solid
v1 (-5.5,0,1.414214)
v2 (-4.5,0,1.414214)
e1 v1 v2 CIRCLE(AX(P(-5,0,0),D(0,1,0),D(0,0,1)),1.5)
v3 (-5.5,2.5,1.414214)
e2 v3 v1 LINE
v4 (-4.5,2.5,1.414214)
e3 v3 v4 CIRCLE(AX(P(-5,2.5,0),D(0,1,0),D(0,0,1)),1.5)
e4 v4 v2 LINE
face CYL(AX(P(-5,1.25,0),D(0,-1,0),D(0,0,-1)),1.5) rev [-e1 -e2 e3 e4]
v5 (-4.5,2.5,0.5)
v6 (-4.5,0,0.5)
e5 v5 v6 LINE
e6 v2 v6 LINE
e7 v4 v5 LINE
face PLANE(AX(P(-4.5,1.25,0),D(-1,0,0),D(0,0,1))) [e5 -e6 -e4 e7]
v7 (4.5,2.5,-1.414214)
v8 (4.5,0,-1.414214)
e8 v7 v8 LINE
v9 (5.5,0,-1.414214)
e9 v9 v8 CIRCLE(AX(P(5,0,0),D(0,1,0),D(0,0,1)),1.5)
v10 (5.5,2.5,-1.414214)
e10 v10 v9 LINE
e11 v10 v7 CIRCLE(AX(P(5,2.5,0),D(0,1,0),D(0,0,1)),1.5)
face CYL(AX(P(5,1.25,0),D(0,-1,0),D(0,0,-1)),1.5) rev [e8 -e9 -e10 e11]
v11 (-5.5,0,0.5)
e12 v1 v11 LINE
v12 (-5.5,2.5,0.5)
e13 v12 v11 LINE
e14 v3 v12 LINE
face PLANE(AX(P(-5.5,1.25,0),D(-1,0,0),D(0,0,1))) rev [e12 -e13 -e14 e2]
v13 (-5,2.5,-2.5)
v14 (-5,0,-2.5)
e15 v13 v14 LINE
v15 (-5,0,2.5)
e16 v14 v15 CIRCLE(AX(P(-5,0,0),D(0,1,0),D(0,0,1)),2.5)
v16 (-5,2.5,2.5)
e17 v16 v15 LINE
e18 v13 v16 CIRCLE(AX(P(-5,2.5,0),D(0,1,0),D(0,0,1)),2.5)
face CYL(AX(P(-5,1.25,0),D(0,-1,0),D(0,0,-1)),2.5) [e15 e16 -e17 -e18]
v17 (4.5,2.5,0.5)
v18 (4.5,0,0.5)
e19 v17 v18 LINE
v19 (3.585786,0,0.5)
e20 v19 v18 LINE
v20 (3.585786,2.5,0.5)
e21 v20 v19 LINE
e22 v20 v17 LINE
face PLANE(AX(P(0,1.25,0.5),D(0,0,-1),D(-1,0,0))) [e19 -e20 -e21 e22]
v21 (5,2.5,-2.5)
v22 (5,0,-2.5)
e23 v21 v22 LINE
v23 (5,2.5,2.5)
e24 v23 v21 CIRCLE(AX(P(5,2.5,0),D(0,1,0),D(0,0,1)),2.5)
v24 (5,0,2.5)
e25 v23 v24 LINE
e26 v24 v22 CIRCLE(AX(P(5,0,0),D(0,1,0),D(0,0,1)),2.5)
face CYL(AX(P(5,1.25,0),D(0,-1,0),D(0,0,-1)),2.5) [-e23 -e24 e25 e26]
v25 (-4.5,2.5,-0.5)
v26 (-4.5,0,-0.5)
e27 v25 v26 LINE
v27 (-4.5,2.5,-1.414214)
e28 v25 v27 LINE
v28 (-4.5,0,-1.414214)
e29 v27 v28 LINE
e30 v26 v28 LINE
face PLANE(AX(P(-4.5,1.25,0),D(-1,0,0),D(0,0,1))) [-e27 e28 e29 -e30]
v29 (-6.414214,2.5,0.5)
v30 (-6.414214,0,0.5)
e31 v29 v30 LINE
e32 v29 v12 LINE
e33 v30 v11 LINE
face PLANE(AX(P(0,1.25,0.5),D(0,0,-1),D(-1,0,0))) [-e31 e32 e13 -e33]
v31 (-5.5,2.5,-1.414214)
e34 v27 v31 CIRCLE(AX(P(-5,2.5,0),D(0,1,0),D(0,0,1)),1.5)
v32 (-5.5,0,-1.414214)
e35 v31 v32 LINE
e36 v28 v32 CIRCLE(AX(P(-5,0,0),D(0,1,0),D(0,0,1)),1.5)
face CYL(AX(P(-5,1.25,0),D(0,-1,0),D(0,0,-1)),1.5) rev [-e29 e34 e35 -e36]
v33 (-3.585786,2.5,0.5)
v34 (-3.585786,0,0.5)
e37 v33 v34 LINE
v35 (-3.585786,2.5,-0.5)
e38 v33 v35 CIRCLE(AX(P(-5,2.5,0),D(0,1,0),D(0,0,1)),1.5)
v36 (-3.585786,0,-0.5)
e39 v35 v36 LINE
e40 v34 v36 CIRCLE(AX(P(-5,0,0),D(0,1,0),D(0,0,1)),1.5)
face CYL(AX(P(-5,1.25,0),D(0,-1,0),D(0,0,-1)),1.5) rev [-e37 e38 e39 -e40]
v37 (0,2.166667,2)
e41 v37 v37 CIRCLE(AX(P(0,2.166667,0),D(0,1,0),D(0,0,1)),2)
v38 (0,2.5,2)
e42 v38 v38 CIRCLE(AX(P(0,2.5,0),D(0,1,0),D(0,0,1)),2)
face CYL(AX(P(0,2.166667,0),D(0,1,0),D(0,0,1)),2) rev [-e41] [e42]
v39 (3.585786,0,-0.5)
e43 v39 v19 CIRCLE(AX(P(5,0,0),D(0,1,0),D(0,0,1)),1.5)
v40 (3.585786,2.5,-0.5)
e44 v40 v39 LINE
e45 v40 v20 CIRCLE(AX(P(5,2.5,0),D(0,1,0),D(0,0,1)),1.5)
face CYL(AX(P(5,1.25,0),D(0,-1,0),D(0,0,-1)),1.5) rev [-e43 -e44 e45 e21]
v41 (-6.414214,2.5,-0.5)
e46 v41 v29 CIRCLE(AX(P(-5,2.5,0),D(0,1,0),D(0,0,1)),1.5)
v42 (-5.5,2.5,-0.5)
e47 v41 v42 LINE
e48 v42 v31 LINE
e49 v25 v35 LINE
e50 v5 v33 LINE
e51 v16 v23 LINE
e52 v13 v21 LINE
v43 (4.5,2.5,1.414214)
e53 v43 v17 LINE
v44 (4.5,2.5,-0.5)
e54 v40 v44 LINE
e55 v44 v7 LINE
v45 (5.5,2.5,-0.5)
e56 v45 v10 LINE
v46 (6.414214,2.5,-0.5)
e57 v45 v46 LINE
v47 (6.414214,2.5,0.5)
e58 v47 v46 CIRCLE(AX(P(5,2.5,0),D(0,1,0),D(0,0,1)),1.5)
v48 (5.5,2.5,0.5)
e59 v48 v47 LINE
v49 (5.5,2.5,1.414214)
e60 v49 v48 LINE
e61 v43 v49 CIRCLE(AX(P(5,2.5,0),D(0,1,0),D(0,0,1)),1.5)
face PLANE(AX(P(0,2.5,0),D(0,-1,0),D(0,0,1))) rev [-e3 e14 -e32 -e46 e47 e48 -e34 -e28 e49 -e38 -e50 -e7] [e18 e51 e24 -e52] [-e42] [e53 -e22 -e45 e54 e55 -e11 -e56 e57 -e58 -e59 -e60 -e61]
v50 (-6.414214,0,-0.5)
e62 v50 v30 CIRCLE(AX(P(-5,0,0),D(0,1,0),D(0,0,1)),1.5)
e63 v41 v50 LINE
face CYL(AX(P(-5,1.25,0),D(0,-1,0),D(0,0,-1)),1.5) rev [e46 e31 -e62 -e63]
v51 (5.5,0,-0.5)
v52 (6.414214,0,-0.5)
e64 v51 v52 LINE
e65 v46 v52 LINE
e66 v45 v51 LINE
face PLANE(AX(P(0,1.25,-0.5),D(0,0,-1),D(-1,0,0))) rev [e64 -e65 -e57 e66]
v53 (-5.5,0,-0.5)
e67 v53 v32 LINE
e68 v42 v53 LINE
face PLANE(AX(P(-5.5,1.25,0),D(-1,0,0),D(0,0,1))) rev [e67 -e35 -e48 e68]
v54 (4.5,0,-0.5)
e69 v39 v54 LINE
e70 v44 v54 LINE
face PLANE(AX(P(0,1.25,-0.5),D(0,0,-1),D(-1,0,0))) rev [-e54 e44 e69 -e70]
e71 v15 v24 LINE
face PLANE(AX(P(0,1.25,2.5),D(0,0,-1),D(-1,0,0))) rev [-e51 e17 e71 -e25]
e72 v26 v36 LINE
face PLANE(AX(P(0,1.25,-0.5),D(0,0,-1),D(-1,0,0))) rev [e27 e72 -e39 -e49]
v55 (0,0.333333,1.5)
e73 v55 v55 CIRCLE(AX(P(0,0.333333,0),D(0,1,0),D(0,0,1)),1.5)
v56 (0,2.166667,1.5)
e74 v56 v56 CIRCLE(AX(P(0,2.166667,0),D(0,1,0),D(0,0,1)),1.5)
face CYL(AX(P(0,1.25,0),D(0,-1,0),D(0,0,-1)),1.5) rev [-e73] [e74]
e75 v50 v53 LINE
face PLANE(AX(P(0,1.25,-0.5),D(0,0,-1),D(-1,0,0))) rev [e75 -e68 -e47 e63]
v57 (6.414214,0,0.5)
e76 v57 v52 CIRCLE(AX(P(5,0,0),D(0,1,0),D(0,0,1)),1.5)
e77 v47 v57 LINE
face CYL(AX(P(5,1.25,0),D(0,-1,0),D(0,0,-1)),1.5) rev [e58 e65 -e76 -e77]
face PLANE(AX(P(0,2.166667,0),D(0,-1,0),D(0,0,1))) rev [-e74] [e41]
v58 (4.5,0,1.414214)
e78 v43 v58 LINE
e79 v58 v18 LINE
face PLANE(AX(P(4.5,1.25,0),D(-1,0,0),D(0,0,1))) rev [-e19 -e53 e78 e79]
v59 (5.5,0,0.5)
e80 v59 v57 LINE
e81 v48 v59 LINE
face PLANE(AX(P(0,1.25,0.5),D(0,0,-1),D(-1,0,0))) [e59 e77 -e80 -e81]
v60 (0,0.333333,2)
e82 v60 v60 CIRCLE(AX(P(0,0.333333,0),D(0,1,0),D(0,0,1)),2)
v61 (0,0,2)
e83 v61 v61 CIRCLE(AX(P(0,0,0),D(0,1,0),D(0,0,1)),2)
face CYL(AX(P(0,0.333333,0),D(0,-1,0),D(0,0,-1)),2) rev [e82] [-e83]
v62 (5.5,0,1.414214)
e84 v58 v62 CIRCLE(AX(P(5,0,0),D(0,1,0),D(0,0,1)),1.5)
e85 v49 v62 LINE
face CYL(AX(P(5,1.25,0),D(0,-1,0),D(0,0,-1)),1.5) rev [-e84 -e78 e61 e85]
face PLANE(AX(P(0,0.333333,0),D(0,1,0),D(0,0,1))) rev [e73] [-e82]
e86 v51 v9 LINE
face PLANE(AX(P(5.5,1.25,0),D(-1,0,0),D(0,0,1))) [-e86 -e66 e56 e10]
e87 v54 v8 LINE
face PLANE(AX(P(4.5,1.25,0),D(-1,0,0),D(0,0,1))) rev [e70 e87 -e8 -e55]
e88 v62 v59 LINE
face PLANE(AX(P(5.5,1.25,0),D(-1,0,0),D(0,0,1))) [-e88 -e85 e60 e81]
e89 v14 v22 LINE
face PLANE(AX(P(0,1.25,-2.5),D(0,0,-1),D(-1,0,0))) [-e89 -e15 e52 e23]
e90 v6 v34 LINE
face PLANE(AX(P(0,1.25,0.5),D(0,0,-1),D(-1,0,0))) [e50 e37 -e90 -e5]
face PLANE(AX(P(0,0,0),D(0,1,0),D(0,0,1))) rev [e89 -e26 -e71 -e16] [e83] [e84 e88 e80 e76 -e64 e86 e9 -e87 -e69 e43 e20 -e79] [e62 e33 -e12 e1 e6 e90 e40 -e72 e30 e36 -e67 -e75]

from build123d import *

# Parameters (mm, degrees)
SKETCH1_R           = 1.5
BOSS_EXTRUDE1_DEPTH = 1.25
SKETCH1_3_R         = 2
SKETCH1_3_R_2       = 1.5
CUT_EXTRUDE1_DEPTH  = 0.333333333


with BuildPart() as part:
    # Sketch1 → Boss-Extrude1 (new body)
    with BuildSketch(Plane(origin=(0, 0, 0), x_dir=(1, 0, 0), z_dir=(0, 1, 0))):
        with BuildLine():
            Line((5, 2.5), (-5, 2.5))
            ThreePointArc((-5, 2.5), (-7.5, 0), (-5, -2.5))
            Line((-5, -2.5), (5.000000022, -2.5))
            ThreePointArc((5.000000022, -2.5), (7.5, 1.1e-08), (5, 2.5))
        make_face()
        with BuildLine():
            Line((4.5, 0.5), (4.5, 1.414213562))
            ThreePointArc((4.5, 1.414213562), (5, 1.5), (5.5, 1.414213562))
            Line((5.5, 1.414213562), (5.5, 0.5))
            Line((5.5, 0.5), (6.414213562, 0.5))
            ThreePointArc((6.414213562, 0.5), (6.5, 0), (6.414213562, -0.5))
            Line((6.414213562, -0.5), (5.5, -0.5))
            Line((5.5, -0.5), (5.5, -1.414213562))
            ThreePointArc((5.5, -1.414213562), (5, -1.5), (4.5, -1.414213562))
            Line((4.5, -1.414213562), (4.5, -0.5))
            Line((4.5, -0.5), (3.585786438, -0.5))
            ThreePointArc((3.585786438, -0.5), (3.5, 0), (3.585786438, 0.5))
            Line((3.585786438, 0.5), (4.5, 0.5))
        make_face(mode=Mode.SUBTRACT)
        Circle(SKETCH1_R, mode=Mode.SUBTRACT)
        with BuildLine():
            Line((-5.5, -1.414213562), (-5.5, -0.5))
            Line((-5.5, -0.5), (-6.414213562, -0.5))
            ThreePointArc((-6.414213562, -0.5), (-6.5, 0), (-6.414213562, 0.5))
            Line((-6.414213562, 0.5), (-5.5, 0.5))
            Line((-5.5, 0.5), (-5.5, 1.414213562))
            ThreePointArc((-5.5, 1.414213562), (-5, 1.5), (-4.5, 1.414213562))
            Line((-4.5, 1.414213562), (-4.5, 0.5))
            Line((-4.5, 0.5), (-3.585786438, 0.5))
            ThreePointArc((-3.585786438, 0.5), (-3.5, 0), (-3.585786438, -0.5))
            Line((-3.585786438, -0.5), (-4.5, -0.5))
            Line((-4.5, -0.5), (-4.5, -1.414213562))
            ThreePointArc((-4.5, -1.414213562), (-5, -1.5), (-5.5, -1.414213562))
        make_face(mode=Mode.SUBTRACT)
    boss_extrude1 = extrude(amount=BOSS_EXTRUDE1_DEPTH)

    # Sketch1<3> → Cut-Extrude1 (cut)
    with BuildSketch(Plane(origin=(0, 0, 0), x_dir=(1, 0, 0), z_dir=(0, 1, 0))):
        Circle(SKETCH1_3_R)
        Circle(SKETCH1_3_R_2, mode=Mode.SUBTRACT)
    cut_extrude1 = extrude(amount=CUT_EXTRUDE1_DEPTH, mode=Mode.SUBTRACT)

    # Mirror1: Boss-Extrude1, Cut-Extrude1 across plane
    add(boss_extrude1.mirror(Plane.ZX.offset(1.25)))
    add(cut_extrude1.mirror(Plane.ZX.offset(1.25)), mode=Mode.SUBTRACT)


solid = part.part
